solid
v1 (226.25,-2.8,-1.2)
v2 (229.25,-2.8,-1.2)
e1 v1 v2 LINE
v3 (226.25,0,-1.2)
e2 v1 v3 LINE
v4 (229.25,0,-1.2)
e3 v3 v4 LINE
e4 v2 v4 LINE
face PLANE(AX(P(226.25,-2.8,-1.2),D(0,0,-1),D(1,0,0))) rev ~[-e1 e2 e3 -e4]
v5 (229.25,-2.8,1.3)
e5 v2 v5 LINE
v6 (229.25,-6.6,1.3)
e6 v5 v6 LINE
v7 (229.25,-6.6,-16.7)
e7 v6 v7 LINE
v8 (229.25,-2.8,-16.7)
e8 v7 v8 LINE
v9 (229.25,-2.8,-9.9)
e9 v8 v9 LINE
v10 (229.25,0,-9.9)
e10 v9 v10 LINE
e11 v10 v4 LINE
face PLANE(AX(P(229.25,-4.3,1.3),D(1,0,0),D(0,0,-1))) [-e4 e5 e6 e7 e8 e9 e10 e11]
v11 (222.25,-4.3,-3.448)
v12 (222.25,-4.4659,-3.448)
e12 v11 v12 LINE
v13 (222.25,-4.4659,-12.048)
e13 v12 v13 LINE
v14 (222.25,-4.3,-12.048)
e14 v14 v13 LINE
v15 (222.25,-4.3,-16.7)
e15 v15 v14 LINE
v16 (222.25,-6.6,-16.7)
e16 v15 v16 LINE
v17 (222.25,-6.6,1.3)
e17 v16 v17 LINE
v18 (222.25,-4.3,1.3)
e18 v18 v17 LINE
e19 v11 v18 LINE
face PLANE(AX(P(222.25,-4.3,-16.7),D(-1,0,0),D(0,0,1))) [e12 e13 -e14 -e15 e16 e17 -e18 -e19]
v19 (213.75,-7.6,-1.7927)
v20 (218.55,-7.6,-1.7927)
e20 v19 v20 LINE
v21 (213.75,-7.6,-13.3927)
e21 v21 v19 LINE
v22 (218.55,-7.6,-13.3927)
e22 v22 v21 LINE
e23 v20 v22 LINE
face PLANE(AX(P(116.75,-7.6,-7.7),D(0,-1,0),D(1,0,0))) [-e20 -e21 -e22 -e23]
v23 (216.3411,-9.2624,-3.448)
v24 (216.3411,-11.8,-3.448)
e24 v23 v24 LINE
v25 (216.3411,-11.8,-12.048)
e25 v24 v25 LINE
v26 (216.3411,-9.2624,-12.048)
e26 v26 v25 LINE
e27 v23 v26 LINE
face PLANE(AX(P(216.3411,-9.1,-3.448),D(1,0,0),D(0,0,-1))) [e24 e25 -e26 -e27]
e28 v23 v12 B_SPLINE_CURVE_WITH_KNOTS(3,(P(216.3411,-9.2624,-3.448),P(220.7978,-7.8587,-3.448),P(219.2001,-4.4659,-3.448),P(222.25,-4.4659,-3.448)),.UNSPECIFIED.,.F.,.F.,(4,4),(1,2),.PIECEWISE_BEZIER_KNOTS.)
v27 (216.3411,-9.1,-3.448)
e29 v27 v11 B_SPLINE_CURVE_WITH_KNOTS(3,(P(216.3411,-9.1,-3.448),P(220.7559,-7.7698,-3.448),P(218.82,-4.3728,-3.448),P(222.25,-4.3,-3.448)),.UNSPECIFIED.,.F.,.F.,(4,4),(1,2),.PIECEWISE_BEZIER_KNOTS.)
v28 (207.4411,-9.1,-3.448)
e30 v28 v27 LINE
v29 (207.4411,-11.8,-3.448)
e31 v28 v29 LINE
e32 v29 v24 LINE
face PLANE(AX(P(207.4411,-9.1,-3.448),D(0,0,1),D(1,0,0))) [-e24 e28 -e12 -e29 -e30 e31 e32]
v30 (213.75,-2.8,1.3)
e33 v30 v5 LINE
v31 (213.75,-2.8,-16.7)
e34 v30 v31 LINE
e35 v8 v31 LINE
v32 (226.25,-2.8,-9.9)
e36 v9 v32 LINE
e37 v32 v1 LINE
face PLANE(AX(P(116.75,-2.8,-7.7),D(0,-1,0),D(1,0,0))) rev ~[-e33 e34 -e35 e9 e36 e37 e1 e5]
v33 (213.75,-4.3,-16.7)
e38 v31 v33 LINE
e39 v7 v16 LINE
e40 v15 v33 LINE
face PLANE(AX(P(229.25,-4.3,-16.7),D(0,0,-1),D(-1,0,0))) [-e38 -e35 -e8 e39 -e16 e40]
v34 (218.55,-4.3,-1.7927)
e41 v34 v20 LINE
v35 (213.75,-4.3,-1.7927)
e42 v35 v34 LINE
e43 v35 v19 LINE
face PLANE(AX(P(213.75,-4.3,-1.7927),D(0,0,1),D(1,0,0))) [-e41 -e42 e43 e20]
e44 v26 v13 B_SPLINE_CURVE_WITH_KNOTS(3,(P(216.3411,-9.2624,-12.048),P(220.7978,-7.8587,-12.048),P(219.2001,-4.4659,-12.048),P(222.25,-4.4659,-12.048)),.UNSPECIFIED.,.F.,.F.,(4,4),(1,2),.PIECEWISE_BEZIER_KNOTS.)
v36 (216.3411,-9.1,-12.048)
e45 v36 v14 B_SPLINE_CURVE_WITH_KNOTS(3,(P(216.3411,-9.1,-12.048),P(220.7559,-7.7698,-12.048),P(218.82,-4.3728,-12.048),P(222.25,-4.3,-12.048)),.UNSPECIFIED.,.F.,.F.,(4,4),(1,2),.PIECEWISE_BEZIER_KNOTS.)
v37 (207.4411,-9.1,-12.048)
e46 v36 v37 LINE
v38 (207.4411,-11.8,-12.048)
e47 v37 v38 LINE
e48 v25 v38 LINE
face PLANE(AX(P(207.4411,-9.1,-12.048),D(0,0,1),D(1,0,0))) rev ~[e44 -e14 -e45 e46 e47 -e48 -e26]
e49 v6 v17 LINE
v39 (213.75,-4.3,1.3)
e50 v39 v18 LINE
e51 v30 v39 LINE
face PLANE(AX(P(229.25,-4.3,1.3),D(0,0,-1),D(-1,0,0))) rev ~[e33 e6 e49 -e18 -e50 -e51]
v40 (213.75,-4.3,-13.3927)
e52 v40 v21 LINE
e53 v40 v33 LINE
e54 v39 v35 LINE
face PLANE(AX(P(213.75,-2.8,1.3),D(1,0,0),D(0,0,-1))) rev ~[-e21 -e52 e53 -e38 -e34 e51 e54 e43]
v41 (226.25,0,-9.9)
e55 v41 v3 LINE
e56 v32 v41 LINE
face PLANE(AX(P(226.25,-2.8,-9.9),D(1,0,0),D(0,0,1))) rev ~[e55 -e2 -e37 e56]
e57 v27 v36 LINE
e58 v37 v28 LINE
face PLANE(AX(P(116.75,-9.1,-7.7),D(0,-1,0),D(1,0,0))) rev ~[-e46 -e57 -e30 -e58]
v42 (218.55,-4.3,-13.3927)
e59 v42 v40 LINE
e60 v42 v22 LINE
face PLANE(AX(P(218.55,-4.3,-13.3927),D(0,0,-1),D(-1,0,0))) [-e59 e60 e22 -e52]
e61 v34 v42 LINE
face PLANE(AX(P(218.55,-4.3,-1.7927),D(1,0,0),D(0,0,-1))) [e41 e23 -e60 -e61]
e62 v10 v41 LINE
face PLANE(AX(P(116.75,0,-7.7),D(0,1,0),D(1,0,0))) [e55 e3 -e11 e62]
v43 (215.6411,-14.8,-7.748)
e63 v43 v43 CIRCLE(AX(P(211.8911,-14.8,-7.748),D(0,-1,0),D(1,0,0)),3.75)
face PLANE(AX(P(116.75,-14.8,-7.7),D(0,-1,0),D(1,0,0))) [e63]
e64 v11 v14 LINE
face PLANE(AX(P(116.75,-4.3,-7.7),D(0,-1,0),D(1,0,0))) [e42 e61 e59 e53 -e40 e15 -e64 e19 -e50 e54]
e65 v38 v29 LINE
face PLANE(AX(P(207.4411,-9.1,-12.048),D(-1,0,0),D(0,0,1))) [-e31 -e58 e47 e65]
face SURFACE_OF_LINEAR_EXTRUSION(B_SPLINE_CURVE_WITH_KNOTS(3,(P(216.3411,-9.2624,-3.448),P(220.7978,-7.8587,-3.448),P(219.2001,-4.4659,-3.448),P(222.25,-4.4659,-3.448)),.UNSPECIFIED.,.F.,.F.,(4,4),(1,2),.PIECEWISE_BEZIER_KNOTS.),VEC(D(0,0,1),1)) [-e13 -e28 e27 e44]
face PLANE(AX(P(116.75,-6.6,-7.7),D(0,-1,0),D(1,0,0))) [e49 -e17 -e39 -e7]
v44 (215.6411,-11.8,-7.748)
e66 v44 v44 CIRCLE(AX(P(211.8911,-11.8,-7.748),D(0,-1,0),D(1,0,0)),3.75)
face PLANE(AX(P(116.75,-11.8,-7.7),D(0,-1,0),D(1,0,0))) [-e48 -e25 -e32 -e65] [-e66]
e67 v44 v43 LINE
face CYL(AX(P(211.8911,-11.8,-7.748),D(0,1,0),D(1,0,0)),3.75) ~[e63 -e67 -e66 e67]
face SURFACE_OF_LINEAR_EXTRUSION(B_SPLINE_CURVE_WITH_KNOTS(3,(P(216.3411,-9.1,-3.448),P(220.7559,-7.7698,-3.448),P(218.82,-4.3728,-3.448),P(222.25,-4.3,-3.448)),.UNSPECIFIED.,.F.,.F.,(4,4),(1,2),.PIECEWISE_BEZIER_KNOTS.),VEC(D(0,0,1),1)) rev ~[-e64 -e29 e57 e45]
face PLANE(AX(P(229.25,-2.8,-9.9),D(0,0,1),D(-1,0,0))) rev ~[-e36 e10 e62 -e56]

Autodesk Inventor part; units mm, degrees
ref_plane "YZ Plane" through (0, 0, 0) normal (1, 0, 0) x (0, 1, 0)
ref_plane "XZ Plane" through (0, 0, 0) normal (0, 1, 0) x (-1, 0, 0)
ref_plane "РабПлоскость1" through (116.75, -2.8, -7.7) normal (0, -1, 0) x (1, 0, 0)
sketch "Эскиз1" plane through (116.75, -2.8, -7.7) normal (0, -1, 0) x (1, 0, 0)
  line L0 (97, 9) -> (112.5, 9)
  line L1 (112.5, 9) -> (112.5, -9)
  line L2 (112.5, -9) -> (97, -9)
  line L3 (112.5, 2.2) -> (109.5, 2.2)
  line L4 (109.5, 2.2) -> (109.5, -6.5)
  line L5 (112.5, -6.5) -> (112.5, 2.2)
  line L6 (109.5, -6.5) -> (112.5, -6.5)
  line L7 (97, 9) -> (97, -9)
  point P0 (-116.75, 7.7)
  dimension "d9" = 15.5
  dimension "d10" = 3
  dimension "d11" = 8.7
  dimension "d13" = 2.5
extrude "Выдавливание1" add sketch "Эскиз1" along normal blind 1.5
sketch "Эскиз5" plane through (116.75, -2.8, -7.7) normal (0, 1, 0) x (1, 0, 0)
  line L0 (112.5, 9) -> (112.5, -9) projected
  line L1 (112.5, 2.2) -> (109.5, 2.2)
  line L2 (109.5, 2.2) -> (109.5, -6.5)
  line L3 (109.5, -6.5) -> (112.5, -6.5)
  line L4 (112.5, -6.5) -> (112.5, 2.2)
  line L5 (112.5, -9) -> (97, -9) projected
  point P0 (-116.75, -7.7)
  point P1 (112.5, -6.5)
  dimension "d14" = 3
  dimension "d15" = 8.7
  dimension "d16" = 2.5
extrude "Выдавливание5" add sketch "Эскиз5" along normal blind 2.8
sketch "Эскиз6" plane through (116.75, -4.3, -7.7) normal (0, -1, 0) x (1, 0, 0)
  line L0 (112.5, 9) -> (97, 9) projected
  line L1 (105.5, 9) -> (112.5, 9)
  line L2 (112.5, 9) -> (112.5, -9)
  line L3 (112.5, -9) -> (105.5, -9)
  line L4 (105.5, -9) -> (105.5, 9)
  point P0 (112.5, 9)
  dimension "d19" = 7
extrude "Выдавливание6" add sketch "Эскиз6" along normal blind 2.3
sketch "Эскиз7" plane through (116.75, -4.3, -7.7) normal (0, -1, 0) x (1, 0, 0)
  line L0 (97, 5.9073) -> (101.8, 5.9073)
  line L1 (101.8, 5.9073) -> (101.8, -5.6927)
  line L2 (101.8, -5.6927) -> (97, -5.6927)
  line L3 (97, -5.6927) -> (97, 5.9073)
  line L4 (97, 5.9073) -> (101.8, -5.6927) construction
  line L5 (101.8, 5.9073) -> (97, -5.6927) construction
  line L6 (97, 9) -> (97, -9) projected
  point P0 (99.4, 0.1073)
  point P1 (97, 0)
  dimension "d22" = 4.8
  dimension "d23" = 11.6
extrude "Выдавливание7" add sketch "Эскиз7" along normal blind 3.3
ref_plane "РабПлоскость3" through (116.75, -9.1, -7.7) normal (0, -1, 0) x (1, 0, 0)
sketch "Эскиз8" plane through (116.75, -9.1, -7.7) normal (0, -1, 0) x (1, 0, 0)
  line L0 (99.5911, -4.348) -> (90.6911, -4.348)
  line L1 (90.6911, -4.348) -> (90.6911, 4.252)
  line L2 (90.6911, 4.252) -> (99.5911, 4.252)
  line L3 (99.5911, 4.252) -> (99.5911, -4.348)
  line L4 (99.5911, -4.348) -> (90.6911, 4.252) construction
  line L5 (90.6911, -4.348) -> (99.5911, 4.252) construction
  point P0 (95.1411, -0.048)
  dimension "d27" = 8.9
  dimension "d28" = 8.6
extrude "Выдавливание8" add sketch "Эскиз8" along normal blind 2.7
sketch "Эскиз9" plane through (116.75, -11.8, -7.7) normal (0, -1, 0) x (1, 0, 0)
  line L0 (99.5911, 4.252) -> (90.6911, 4.252) projected
  line L1 (90.6911, 4.252) -> (90.6911, -4.348) projected
  line L2 (90.6911, -4.348) -> (99.5911, -4.348) projected
  line L3 (99.5911, -4.348) -> (99.5911, 4.252) projected
  circle A0 centre (95.1411, -0.048) radius 3.75
  line L4 (99.5911, -4.348) -> (99.5911, 4.252) projected
  line L5 (99.5911, -4.348) -> (90.6911, 4.252) construction
  line L6 (90.6911, 4.252) -> (90.6911, -4.348) projected
  line L7 (99.5911, 4.252) -> (90.6911, 4.252) projected
  line L8 (90.6911, -4.348) -> (99.5911, 4.252) construction
  point P0 (-116.75, 7.7)
  point P1 (95.1411, -0.048)
  dimension "d31" = 7.5
extrude "Выдавливание9" add sketch "Эскиз9" along normal blind 3 contours A0
sketch "Эскиз10" plane through (207.4411, -9.1, -3.448) normal (0, 0, 1) x (1, 0, 0)
  line L0 (8.9, 0) -> (8.9, -2.7) projected
  line L1 (8.9, -0.1624) -> (13.3567, 1.2413) construction
  line L2 (13.3567, 1.2413) -> (11.759, 4.6341) construction
  line L3 (11.759, 4.6341) -> (14.8089, 4.6341) construction
  spline S0 degree 3 poles (8.9, -0.1624) (13.3567, 1.2413) (11.759, 4.6341) (14.8089, 4.6341) knots 1 1 1 1 2 2 2 2
  line L4 (14.8089, 4.8) -> (14.8089, 2.5) projected
  line L5 (8.9, 0) -> (8.9, -2.7) projected
  line L6 (8.9, 0) -> (13.3148, 1.3302) construction
  line L7 (13.3148, 1.3302) -> (11.3789, 4.7272) construction
  line L8 (14.8089, 4.8) -> (6.3089, 4.8) projected
  line L9 (11.3789, 4.7272) -> (14.8089, 4.8) construction
  spline S1 degree 3 poles (8.9, 0) (13.3148, 1.3302) (11.3789, 4.7272) (14.8089, 4.8) knots 1 1 1 1 2 2 2 2
  point P0 (-207.4411, 9.1)
extrude "Выдавливание10" add sketch "Эскиз10" against normal up to surface (8.6 mm away)
properties part number "ЛЦМК0000002.00.00.00.00.04"
